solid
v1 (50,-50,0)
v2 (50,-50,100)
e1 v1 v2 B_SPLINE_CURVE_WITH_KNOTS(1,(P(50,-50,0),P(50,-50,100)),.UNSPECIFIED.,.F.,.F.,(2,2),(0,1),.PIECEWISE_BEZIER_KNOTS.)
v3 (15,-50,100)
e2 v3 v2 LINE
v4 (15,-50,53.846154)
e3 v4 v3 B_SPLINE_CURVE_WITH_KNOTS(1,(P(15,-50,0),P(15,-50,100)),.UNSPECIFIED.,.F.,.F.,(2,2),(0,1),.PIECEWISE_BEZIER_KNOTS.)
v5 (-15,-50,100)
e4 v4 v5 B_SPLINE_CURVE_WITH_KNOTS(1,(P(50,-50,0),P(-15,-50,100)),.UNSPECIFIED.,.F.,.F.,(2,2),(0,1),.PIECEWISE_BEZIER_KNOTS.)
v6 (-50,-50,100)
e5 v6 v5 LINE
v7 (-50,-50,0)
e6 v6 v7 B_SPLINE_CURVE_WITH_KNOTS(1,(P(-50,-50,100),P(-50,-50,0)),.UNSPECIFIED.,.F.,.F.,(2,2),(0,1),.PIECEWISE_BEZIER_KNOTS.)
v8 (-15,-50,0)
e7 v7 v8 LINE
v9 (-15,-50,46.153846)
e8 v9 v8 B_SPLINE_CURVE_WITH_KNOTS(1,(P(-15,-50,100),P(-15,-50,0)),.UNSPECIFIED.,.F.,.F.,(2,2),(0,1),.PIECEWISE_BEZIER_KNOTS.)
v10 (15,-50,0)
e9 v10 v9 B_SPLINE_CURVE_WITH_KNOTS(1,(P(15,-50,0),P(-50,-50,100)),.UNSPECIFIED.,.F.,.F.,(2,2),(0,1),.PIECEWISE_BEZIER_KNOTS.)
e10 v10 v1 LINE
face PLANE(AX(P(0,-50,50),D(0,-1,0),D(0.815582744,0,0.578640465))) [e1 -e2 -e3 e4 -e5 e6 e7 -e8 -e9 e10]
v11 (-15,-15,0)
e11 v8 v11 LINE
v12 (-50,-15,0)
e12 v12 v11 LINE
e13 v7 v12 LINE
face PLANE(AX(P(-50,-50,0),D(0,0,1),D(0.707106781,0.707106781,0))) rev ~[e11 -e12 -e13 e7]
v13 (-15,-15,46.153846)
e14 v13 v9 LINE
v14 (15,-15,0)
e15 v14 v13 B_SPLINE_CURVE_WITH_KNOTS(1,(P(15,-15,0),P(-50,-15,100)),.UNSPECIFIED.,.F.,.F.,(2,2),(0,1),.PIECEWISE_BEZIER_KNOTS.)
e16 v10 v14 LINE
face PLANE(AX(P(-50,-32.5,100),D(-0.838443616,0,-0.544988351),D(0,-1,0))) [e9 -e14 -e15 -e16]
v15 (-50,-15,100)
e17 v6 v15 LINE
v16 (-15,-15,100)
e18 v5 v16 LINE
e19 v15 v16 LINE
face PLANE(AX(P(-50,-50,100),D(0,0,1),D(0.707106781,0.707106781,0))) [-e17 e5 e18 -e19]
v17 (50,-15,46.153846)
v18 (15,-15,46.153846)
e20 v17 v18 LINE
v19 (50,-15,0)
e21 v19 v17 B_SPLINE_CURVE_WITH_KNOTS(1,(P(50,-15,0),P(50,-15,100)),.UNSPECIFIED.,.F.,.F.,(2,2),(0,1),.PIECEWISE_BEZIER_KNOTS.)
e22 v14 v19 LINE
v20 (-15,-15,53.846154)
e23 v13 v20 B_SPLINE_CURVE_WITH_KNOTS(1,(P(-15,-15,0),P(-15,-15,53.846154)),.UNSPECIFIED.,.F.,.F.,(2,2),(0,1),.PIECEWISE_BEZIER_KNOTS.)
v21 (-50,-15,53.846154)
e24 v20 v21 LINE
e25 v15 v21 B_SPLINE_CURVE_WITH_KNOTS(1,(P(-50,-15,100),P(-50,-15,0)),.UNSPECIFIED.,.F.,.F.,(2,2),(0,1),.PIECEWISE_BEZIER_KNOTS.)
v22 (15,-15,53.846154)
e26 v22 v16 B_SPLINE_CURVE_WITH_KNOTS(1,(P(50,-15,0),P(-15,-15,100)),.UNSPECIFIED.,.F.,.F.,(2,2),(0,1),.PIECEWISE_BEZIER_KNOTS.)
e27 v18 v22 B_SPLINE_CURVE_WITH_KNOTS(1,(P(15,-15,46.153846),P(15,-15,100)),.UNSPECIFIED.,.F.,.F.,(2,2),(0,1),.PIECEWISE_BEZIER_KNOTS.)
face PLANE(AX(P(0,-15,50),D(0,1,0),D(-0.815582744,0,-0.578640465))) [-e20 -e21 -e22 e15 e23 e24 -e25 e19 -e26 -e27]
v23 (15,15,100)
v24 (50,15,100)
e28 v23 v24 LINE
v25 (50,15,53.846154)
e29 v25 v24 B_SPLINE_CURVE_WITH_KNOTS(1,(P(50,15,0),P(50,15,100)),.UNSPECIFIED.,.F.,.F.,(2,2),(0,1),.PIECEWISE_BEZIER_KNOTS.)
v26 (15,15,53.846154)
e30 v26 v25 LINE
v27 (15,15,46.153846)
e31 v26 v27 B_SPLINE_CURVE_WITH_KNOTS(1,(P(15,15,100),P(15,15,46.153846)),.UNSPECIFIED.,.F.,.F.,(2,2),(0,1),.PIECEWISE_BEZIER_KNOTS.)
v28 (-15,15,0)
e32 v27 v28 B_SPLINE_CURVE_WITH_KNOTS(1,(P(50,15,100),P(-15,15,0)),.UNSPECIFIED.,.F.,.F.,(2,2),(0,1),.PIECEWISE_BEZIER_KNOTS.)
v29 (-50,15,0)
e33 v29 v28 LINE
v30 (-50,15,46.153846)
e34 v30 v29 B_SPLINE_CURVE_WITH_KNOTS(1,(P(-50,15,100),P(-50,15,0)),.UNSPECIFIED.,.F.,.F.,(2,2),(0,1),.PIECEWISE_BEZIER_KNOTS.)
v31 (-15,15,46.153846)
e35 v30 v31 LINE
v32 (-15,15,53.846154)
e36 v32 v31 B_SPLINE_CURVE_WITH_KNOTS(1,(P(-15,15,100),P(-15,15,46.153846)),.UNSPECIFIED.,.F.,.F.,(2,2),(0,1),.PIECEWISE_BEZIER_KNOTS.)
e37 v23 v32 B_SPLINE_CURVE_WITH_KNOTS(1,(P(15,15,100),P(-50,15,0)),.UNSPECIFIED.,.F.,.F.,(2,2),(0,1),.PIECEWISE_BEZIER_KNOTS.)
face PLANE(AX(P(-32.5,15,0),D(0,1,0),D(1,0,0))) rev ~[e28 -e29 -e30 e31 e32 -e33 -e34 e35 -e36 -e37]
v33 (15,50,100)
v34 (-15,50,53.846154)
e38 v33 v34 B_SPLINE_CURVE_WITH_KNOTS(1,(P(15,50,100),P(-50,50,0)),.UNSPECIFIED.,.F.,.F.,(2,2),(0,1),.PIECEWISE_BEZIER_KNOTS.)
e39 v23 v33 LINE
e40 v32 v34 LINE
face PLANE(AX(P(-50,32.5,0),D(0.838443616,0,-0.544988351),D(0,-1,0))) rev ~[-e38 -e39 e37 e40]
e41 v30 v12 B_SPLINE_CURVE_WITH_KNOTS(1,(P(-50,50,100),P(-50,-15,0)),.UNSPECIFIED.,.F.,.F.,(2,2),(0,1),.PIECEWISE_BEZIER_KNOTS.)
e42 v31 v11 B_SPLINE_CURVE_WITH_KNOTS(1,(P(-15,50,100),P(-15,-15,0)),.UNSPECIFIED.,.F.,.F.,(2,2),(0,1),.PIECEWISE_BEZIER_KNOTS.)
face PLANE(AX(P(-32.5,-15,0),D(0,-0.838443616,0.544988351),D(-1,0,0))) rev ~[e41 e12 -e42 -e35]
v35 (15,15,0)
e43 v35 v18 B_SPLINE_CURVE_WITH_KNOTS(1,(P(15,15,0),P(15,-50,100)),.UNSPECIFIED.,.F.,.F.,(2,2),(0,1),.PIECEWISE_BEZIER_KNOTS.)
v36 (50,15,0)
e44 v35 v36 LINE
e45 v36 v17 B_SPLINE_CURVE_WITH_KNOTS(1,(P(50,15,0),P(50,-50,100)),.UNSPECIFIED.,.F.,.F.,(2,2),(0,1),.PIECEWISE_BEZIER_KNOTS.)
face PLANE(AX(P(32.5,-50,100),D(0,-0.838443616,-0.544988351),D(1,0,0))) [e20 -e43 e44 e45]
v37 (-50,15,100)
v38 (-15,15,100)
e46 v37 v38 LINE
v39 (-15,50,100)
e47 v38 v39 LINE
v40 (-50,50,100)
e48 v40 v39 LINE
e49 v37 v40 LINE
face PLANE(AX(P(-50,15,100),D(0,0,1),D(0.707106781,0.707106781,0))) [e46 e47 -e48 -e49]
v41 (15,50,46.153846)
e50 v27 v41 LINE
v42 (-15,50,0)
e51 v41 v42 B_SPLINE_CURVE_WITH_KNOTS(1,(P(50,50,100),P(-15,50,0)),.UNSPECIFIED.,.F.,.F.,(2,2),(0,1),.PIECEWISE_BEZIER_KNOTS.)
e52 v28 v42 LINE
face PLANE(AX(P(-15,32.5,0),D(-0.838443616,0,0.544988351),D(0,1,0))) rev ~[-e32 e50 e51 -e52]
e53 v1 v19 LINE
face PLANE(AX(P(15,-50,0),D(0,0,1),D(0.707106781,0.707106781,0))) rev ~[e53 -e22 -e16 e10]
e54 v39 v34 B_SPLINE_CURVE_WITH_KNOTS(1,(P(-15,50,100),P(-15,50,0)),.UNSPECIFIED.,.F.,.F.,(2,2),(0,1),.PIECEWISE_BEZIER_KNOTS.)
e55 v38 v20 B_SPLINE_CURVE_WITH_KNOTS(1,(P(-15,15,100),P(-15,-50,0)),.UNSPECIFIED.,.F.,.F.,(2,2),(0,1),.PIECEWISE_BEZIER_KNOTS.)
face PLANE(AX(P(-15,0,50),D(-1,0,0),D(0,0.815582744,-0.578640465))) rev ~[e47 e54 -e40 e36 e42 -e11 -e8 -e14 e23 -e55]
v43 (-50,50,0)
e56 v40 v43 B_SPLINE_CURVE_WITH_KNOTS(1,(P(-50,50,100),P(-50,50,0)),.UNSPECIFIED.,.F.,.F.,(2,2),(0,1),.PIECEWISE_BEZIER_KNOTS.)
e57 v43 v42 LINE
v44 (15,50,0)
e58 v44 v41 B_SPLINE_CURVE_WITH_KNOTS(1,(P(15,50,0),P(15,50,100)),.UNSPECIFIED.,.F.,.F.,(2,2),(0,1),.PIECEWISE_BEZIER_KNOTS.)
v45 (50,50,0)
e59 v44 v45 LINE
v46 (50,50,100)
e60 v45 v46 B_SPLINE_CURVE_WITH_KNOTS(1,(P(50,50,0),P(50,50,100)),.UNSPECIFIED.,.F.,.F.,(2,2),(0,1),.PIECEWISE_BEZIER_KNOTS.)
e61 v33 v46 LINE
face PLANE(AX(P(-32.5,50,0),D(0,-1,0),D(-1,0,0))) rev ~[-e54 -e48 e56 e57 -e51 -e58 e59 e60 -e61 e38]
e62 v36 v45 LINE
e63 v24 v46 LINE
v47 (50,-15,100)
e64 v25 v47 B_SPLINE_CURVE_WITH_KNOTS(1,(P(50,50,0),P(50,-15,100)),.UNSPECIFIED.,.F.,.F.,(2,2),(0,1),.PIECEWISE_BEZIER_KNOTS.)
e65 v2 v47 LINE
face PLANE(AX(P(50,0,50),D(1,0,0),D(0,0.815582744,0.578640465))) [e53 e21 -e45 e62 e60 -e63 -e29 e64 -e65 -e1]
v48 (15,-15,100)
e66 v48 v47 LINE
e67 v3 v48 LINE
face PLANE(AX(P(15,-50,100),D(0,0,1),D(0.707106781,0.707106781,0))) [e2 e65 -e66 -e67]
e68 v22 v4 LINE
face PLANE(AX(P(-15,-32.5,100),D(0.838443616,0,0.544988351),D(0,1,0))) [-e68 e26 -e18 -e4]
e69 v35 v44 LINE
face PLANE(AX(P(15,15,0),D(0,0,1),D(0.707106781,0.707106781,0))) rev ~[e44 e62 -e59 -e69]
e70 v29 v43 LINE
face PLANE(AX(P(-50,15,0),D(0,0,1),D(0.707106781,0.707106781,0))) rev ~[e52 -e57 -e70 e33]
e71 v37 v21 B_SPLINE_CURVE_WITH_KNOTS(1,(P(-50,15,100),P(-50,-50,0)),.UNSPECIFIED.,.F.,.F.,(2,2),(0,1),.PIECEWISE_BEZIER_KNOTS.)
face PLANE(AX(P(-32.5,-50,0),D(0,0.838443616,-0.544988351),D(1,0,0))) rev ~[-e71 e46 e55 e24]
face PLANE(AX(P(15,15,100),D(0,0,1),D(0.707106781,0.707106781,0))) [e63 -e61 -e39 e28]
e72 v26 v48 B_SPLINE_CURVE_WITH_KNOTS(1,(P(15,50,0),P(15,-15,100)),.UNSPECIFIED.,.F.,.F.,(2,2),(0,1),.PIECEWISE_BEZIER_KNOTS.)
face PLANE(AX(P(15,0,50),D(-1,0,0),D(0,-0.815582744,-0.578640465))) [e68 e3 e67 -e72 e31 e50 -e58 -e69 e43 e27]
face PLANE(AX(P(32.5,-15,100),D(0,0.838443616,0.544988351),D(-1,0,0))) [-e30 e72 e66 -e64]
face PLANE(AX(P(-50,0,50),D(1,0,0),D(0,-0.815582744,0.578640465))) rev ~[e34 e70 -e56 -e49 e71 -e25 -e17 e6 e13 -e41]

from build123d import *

# Parameters (mm, degrees)
F2_W = 35
F2_H = 35
F0_W = 35
F0_H = 35


with BuildPart() as f3:
    # F2 (on offset) → F3 section 0
    with BuildSketch(Plane.XY.offset(100)):
        with Locations((-32.5, -32.5)):
            Rectangle(F2_W, F2_H)
    # F0 (on Top) → F3 section 1
    with BuildSketch(Plane.XY):
        with Locations((-32.5, -32.5)):
            Rectangle(F0_W, F0_H)
    loft()

    # F0 (on Top) → F4 section 0
    with BuildSketch(Plane.XY):
        with Locations((32.5, -32.5)):
            Rectangle(F0_W, F0_H)
    # F2 (on offset) → F4 section 1
    with BuildSketch(Plane.XY.offset(100)):
        with Locations((-32.5, -32.5)):
            Rectangle(F2_W, F2_H)
    loft()

    # F0 (on Top) → F5 section 0
    with BuildSketch(Plane.XY):
        with Locations((32.5, -32.5)):
            Rectangle(F0_W, F0_H)
    # F2 (on offset) → F5 section 1
    with BuildSketch(Plane.XY.offset(100)):
        with Locations((32.5, -32.5)):
            Rectangle(F2_W, F2_H)
    loft()



with BuildPart() as f6:
    # F0 (on Top) → F6 section 0
    with BuildSketch(Plane.XY):
        with Locations((32.5, 32.5)):
            Rectangle(F0_W, F0_H)
    # F2 (on offset) → F6 section 1
    with BuildSketch(Plane.XY.offset(100)):
        with Locations((32.5, 32.5)):
            Rectangle(F2_W, F2_H)
    loft()


with BuildPart() as f3_1:
    add(f3.part)

    add(f6.part)  # F7 merges F6
    # F0 (on Top) → F7 section 0
    with BuildSketch(Plane.XY):
        with Locations((32.5, 32.5)):
            Rectangle(F0_W, F0_H)
    # F2 (on offset) → F7 section 1
    with BuildSketch(Plane.XY.offset(100)):
        with Locations((32.5, -32.5)):
            Rectangle(F2_W, F2_H)
    loft()

    # F2 (on offset) → F8 section 0
    with BuildSketch(Plane.XY.offset(100)):
        with Locations((32.5, 32.5)):
            Rectangle(F2_W, F2_H)
    # F0 (on Top) → F8 section 1
    with BuildSketch(Plane.XY):
        with Locations((-32.5, 32.5)):
            Rectangle(F0_W, F0_H)
    loft()

    # F2 (on offset) → F9 section 0
    with BuildSketch(Plane.XY.offset(100)):
        with Locations((-32.5, 32.5)):
            Rectangle(F2_W, F2_H)
    # F0 (on Top) → F9 section 1
    with BuildSketch(Plane.XY):
        with Locations((-32.5, 32.5)):
            Rectangle(F0_W, F0_H)
    loft()

    # F2 (on offset) → F10 section 0
    with BuildSketch(Plane.XY.offset(100)):
        with Locations((-32.5, 32.5)):
            Rectangle(F2_W, F2_H)
    # F0 (on Top) → F10 section 1
    with BuildSketch(Plane.XY):
        with Locations((-32.5, -32.5)):
            Rectangle(F0_W, F0_H)
    loft()


solid = f3_1.part
